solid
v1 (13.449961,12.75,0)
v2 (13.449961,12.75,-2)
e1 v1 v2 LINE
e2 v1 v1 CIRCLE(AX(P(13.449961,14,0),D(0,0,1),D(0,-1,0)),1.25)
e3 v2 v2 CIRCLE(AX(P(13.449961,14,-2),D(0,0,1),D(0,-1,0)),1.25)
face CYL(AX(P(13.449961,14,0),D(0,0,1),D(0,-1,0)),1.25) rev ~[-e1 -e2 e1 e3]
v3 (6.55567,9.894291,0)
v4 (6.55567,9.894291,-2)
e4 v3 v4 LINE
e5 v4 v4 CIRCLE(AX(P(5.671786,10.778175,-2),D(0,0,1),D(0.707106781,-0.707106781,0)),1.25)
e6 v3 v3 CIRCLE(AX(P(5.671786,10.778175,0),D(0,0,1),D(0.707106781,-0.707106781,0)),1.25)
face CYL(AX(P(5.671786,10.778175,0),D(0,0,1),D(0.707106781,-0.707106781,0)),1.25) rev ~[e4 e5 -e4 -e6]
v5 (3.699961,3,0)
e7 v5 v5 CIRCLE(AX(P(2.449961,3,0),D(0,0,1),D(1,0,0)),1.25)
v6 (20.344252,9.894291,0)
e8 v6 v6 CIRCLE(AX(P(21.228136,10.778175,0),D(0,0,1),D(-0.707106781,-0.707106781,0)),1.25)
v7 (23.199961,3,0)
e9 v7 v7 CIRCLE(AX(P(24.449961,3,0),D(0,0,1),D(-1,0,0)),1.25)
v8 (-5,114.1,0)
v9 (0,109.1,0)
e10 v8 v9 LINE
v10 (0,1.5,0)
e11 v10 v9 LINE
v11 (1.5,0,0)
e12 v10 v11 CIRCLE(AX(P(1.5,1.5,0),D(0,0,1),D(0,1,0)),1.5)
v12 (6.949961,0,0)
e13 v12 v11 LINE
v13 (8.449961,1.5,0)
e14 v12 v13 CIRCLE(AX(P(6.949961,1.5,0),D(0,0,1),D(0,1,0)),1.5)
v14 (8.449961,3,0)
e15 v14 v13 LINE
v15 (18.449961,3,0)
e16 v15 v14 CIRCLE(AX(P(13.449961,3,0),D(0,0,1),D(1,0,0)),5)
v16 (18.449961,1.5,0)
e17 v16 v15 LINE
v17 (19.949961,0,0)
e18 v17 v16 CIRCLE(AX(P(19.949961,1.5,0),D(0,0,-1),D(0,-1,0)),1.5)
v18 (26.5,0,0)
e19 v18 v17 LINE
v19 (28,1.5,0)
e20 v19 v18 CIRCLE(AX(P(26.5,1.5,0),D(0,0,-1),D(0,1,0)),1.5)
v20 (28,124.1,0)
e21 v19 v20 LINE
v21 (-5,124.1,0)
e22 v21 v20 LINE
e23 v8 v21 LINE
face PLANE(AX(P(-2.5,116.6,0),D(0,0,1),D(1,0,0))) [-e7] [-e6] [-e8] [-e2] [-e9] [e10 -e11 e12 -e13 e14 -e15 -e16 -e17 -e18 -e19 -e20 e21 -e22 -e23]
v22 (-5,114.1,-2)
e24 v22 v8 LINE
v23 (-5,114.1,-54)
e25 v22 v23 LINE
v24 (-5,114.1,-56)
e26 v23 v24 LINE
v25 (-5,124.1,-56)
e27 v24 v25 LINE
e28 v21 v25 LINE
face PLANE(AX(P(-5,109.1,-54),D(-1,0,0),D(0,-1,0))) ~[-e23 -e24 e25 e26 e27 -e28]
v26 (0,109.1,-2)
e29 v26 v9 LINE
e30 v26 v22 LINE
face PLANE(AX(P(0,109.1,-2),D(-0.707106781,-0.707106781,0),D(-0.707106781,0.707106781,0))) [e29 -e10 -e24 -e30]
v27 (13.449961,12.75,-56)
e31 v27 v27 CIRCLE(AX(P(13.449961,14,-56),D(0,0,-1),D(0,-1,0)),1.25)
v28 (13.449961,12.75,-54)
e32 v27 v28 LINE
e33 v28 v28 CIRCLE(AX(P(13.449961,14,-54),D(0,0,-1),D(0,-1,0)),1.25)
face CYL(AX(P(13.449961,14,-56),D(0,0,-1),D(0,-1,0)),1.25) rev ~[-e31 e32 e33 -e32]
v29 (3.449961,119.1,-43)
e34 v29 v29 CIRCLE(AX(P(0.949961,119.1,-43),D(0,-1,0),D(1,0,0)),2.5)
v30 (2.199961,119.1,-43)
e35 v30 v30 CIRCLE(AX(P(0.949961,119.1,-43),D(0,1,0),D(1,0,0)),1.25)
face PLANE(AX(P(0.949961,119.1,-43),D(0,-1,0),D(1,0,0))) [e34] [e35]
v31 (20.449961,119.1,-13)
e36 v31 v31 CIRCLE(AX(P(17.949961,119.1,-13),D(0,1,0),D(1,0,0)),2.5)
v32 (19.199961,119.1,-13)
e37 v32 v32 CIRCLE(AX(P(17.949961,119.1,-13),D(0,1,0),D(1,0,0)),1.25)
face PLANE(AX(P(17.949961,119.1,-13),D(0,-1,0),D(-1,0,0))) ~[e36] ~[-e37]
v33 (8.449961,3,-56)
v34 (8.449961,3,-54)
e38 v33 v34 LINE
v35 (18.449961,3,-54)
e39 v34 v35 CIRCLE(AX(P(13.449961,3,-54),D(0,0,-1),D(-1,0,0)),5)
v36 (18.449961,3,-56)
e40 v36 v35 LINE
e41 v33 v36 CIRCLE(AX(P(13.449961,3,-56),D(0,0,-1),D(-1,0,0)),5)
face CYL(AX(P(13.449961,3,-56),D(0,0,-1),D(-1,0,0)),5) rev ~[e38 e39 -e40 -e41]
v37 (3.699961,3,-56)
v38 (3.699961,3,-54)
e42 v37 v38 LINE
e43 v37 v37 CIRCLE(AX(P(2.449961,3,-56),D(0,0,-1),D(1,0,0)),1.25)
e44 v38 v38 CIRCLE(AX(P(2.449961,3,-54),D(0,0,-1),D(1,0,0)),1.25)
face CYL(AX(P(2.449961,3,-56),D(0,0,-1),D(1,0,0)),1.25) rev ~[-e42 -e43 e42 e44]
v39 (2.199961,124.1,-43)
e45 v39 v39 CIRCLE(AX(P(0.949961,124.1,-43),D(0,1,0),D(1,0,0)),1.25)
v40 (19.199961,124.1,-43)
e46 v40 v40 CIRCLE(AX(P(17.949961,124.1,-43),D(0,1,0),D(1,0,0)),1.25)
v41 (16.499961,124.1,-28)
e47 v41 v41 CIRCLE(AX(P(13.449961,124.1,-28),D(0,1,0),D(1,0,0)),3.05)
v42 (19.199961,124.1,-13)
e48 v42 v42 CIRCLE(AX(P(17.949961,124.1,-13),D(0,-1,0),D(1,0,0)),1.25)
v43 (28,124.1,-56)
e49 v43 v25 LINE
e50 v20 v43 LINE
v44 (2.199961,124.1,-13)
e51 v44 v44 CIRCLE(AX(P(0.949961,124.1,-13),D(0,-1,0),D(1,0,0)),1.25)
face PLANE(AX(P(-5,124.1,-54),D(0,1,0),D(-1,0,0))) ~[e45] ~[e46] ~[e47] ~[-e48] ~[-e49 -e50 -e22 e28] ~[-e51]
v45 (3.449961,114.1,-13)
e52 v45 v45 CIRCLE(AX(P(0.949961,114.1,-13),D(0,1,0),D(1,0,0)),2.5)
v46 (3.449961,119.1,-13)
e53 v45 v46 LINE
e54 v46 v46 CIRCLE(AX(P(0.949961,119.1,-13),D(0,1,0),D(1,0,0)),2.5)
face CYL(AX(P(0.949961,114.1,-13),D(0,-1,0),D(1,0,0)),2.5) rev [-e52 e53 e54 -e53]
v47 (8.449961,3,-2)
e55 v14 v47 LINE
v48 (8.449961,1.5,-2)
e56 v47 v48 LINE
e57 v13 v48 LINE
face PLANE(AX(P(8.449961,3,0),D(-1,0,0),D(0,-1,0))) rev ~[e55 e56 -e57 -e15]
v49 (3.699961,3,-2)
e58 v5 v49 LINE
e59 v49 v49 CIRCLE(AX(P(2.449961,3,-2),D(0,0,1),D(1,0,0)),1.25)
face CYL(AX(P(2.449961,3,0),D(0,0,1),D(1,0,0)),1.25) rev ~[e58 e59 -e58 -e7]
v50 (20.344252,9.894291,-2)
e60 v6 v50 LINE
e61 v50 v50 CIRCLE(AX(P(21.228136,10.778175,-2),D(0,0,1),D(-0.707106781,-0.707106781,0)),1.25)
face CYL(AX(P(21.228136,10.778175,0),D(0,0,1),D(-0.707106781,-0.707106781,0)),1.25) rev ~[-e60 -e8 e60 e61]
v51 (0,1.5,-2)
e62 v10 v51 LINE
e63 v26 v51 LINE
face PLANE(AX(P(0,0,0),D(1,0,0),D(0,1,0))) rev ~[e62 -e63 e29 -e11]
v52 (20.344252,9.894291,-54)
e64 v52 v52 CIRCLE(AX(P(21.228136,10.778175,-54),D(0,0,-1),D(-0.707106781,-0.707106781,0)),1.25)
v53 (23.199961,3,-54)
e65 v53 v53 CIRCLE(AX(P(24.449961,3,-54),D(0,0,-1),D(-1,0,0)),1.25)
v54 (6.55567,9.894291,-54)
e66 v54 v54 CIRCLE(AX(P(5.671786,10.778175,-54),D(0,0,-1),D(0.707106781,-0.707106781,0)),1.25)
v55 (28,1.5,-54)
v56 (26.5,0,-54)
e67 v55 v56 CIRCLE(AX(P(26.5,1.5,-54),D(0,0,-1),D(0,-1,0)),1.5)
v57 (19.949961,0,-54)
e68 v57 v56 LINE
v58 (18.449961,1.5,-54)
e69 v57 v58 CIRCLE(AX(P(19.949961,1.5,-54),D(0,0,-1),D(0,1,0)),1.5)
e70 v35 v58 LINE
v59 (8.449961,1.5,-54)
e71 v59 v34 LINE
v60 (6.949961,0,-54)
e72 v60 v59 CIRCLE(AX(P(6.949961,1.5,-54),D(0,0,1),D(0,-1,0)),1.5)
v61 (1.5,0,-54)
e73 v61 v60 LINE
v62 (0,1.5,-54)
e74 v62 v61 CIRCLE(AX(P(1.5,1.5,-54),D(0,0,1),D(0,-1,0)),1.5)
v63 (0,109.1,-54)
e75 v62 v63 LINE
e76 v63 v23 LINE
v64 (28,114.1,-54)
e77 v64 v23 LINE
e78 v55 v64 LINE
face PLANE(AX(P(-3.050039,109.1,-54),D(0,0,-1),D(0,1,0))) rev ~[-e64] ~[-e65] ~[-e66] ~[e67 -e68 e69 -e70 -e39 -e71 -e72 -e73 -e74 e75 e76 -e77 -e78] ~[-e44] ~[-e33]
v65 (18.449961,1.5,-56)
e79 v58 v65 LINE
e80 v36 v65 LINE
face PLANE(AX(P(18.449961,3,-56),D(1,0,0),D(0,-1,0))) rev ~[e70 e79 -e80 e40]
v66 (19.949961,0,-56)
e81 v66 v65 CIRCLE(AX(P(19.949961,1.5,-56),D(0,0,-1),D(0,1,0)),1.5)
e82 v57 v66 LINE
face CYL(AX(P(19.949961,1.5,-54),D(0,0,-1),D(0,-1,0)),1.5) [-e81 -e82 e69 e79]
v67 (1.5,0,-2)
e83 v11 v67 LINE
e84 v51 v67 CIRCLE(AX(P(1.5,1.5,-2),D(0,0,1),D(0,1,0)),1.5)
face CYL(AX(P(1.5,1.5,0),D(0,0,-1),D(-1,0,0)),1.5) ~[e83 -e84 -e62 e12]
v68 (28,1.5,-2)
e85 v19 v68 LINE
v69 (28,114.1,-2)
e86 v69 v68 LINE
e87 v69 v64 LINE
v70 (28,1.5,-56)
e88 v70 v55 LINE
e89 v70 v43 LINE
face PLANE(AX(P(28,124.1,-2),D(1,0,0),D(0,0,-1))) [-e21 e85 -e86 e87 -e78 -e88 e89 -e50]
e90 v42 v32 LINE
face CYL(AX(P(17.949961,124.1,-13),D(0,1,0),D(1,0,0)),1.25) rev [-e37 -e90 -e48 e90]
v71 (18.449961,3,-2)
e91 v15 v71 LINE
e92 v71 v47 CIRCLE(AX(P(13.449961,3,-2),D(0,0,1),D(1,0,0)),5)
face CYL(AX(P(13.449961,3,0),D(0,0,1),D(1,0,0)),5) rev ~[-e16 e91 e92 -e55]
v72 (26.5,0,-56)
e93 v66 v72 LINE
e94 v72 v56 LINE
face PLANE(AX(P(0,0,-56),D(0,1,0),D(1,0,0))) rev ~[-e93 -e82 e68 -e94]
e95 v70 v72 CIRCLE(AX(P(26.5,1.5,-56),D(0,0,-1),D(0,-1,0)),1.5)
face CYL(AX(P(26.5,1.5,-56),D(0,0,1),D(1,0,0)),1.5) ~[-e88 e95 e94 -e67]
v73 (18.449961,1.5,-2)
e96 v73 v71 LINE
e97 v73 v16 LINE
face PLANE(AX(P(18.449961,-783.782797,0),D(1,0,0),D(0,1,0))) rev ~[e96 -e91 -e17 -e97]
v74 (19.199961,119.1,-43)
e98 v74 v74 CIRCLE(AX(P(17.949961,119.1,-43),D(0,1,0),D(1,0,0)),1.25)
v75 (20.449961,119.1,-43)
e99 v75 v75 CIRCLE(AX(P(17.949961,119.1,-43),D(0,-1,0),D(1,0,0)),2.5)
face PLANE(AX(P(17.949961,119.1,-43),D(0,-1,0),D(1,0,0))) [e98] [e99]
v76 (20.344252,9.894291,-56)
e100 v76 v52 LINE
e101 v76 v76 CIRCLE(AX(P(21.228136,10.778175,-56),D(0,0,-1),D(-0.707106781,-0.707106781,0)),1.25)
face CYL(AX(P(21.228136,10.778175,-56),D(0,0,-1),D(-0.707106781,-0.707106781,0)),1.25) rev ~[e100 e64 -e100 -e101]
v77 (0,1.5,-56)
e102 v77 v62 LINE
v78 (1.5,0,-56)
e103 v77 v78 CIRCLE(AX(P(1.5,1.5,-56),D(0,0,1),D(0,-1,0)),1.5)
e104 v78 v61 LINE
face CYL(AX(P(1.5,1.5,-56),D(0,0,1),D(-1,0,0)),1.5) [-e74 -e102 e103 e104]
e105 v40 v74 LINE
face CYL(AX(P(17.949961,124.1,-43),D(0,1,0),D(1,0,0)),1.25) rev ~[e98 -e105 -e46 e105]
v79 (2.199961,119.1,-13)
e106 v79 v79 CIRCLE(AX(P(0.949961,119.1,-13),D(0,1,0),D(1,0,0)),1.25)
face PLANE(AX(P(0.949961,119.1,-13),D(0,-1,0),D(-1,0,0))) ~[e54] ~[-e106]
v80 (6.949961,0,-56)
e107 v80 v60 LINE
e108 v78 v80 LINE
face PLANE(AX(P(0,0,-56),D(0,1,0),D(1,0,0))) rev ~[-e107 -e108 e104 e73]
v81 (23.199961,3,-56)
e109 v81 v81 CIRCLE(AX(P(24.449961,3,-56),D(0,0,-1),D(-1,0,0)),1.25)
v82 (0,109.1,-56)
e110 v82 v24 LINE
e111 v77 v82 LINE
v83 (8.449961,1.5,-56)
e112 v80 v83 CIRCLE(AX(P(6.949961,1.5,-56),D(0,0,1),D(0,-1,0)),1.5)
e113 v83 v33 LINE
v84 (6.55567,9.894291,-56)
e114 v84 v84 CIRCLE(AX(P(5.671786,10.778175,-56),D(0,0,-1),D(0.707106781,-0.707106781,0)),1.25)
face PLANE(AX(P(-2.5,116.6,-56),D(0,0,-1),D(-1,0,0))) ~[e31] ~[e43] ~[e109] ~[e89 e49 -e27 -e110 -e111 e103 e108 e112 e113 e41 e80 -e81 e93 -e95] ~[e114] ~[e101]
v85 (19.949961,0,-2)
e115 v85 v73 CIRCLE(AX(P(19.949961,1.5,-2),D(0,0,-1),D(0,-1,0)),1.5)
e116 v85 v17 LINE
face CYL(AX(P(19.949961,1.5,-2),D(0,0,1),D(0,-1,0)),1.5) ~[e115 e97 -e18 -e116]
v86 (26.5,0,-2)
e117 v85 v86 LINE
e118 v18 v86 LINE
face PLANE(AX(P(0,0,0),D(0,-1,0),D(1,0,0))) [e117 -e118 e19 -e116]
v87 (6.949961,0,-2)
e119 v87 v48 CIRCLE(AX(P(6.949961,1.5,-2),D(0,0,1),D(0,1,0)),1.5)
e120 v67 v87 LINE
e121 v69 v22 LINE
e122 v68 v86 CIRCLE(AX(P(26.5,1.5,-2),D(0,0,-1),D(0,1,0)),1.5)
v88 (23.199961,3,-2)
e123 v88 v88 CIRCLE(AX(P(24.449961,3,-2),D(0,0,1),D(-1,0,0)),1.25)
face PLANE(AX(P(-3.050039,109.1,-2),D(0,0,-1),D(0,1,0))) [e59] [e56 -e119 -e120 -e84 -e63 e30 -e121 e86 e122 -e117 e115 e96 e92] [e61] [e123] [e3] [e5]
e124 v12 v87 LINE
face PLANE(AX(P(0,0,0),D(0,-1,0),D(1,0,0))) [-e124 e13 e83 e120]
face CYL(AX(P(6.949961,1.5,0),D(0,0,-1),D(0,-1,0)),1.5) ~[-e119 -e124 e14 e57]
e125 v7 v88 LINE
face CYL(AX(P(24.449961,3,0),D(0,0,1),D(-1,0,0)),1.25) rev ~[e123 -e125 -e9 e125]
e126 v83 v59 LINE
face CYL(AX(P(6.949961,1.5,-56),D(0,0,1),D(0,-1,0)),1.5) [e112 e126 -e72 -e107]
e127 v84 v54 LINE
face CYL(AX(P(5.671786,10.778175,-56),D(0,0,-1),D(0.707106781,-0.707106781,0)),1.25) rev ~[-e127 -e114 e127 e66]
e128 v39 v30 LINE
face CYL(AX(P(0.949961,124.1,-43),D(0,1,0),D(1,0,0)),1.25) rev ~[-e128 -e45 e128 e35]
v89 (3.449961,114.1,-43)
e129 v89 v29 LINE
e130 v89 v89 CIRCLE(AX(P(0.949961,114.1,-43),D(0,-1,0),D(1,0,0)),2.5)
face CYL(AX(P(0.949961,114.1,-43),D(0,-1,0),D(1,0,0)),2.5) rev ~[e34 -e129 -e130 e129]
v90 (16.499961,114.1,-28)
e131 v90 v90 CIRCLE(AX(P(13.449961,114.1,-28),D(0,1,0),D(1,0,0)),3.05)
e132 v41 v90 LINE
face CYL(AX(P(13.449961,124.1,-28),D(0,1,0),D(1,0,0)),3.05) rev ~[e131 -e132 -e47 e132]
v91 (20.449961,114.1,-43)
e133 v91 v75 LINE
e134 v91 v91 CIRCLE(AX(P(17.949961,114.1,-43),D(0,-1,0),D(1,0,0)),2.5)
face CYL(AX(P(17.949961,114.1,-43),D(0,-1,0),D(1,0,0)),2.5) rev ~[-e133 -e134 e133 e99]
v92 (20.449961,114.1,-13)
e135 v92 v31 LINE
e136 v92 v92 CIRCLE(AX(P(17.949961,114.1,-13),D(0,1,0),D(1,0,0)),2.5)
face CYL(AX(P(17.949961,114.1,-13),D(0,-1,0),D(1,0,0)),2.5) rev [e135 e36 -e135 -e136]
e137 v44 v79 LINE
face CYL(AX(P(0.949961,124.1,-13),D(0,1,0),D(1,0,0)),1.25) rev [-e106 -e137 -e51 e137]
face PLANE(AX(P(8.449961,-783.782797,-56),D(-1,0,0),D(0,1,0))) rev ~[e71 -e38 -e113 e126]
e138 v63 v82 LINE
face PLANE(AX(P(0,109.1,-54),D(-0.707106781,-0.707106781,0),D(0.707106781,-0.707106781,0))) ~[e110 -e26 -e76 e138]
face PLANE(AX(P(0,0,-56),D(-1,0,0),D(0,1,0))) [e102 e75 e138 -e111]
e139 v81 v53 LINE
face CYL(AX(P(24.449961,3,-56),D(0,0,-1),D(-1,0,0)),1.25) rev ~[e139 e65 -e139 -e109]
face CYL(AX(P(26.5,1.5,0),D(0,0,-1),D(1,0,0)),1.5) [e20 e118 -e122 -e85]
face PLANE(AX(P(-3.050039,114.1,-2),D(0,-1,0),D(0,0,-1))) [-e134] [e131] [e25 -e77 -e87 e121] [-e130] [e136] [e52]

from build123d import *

# Parameters (mm, degrees)
SKETCH1_W               = 28
SKETCH1_H               = 124.1
BOSS_EXTRUDE1_DEPTH     = 2
CUT_EXTRUDE2_DEPTH      = 1
CUT_EXTRUDE2_DEPTH_BACK = 2
SKETCH4_R               = 1.25
CUT_EXTRUDE3_DEPTH      = 2
CIRPATTERN1_COUNT       = 5
CIRPATTERN1_ANGLE       = 180
FILLET1_R               = 1.5
SKETCH7_W               = 28
SKETCH7_H               = 124.1
BOSS_EXTRUDE2_DEPTH     = 2
CUT_EXTRUDE4_DEPTH      = 1
CUT_EXTRUDE4_DEPTH_BACK = 2
SKETCH11_R              = 1.25
CUT_EXTRUDE5_DEPTH      = 2
CIRPATTERN2_COUNT       = 5
CIRPATTERN2_ANGLE       = 180
FILLET2_R               = 1.5
SKETCH17_W              = 33
SKETCH17_H              = 52
BOSS_EXTRUDE5_DEPTH     = 15
CUT_EXTRUDE7_REACH      = 126.1
SKETCH18_R              = 3.05
SKETCH19_R              = 1.25
CUT_EXTRUDE8_DEPTH      = 10
SKETCH20_W              = 29.100039055
SKETCH20_H              = 52
CUT_EXTRUDE9_DEPTH      = 5
SKETCH21_W              = 5
SKETCH21_H              = 15
BOSS_EXTRUDE6_DEPTH     = 2
SKETCH22_W              = 52
SKETCH22_H              = 5
CUT_EXTRUDE10_DEPTH     = 2.95
SKETCH23_W              = 52
SKETCH23_H              = 5
CUT_EXTRUDE11_DEPTH     = 2.949960945
CUT_EXTRUDE12_DEPTH     = 3
SKETCH25_R              = 2.5
CUT_EXTRUDE13_DEPTH     = 5


with BuildPart() as part:
    # Sketch1 → Boss-Extrude1 (new body)
    with BuildSketch(Plane.XY):
        with Locations((14, 62.05)):
            Rectangle(SKETCH1_W, SKETCH1_H)
    extrude(amount=-BOSS_EXTRUDE1_DEPTH)

    # Sketch3 → Cut-Extrude2 (cut, two sides)
    with BuildSketch(Plane.XY) as cut_extrude2_sk:
        with BuildLine():
            Line((18.449960945, -261.260932316), (18.449960945, 0))
            Line((18.449960945, 0), (18.449960945, 3))
            ThreePointArc((18.449960945, 3), (13.449960945, 8), (8.449960945, 3))
            Line((8.449960945, 3), (8.449960945, 0))
            Line((8.449960945, 0), (8.449960945, -261.260932316))
            Line((8.449960945, -261.260932316), (8.449960945, -783.782796947))
            Line((8.449960945, -783.782796947), (18.449960945, -783.782796947))
            Line((18.449960945, -783.782796947), (18.449960945, -261.260932316))
        make_face()
    extrude(amount=CUT_EXTRUDE2_DEPTH, mode=Mode.SUBTRACT)
    extrude(cut_extrude2_sk.sketch, amount=-CUT_EXTRUDE2_DEPTH_BACK, mode=Mode.SUBTRACT)

    # Sketch4 → Cut-Extrude3 (cut)
    with BuildSketch(Plane.XY):
        with Locations((2.449960945, 3)):
            Circle(SKETCH4_R)
    cut_extrude3 = extrude(amount=-CUT_EXTRUDE3_DEPTH, mode=Mode.SUBTRACT)

    # CirPattern1: Cut-Extrude3 ×5 about axis
    cirpattern1_axis = Axis((13.449960945, 3, 0), (0, 0, -1))
    for i in range(1, CIRPATTERN1_COUNT):
        add(cut_extrude3.rotate(cirpattern1_axis, i * CIRPATTERN1_ANGLE / (CIRPATTERN1_COUNT - 1)), mode=Mode.SUBTRACT)

    # Fillet1
    fillet1_edges = [part.edges().sort_by_distance(p)[0] for p in [
        (18.449960945, 0, -1),
        (8.449960945, 0, -1),
        (28, 0, -1),
        (0, 0, -1),
    ]]
    fillet(fillet1_edges, radius=FILLET1_R)



with BuildPart() as body_2:
    # Sketch7 → Boss-Extrude2 (new body)
    with BuildSketch(Plane.XY.offset(-56)):
        with Locations((14, 62.05)):
            Rectangle(SKETCH7_W, SKETCH7_H)
    extrude(amount=BOSS_EXTRUDE2_DEPTH)

    # Sketch10 → Cut-Extrude4 (cut, two sides)
    with BuildSketch(Plane(origin=(0, 0, -56), x_dir=(-1, 0, 0), z_dir=(0, 0, -1))) as cut_extrude4_sk:
        with BuildLine():
            Line((-8.449960945, -261.260932316), (-8.449960945, 0))
            Line((-8.449960945, 0), (-8.449960945, 3))
            ThreePointArc((-8.449960945, 3), (-13.449960945, 8), (-18.449960945, 3))
            Line((-18.449960945, 3), (-18.449960945, 0))
            Line((-18.449960945, 0), (-18.449960945, -261.260932316))
            Line((-18.449960945, -261.260932316), (-18.449960945, -783.782796947))
            Line((-18.449960945, -783.782796947), (-8.449960945, -783.782796947))
            Line((-8.449960945, -783.782796947), (-8.449960945, -261.260932316))
        make_face()
    extrude(amount=CUT_EXTRUDE4_DEPTH, mode=Mode.SUBTRACT)
    extrude(cut_extrude4_sk.sketch, amount=-CUT_EXTRUDE4_DEPTH_BACK, mode=Mode.SUBTRACT)

    # Sketch11 → Cut-Extrude5 (cut)
    with BuildSketch(Plane(origin=(0, 0, -56), x_dir=(-1, 0, 0), z_dir=(0, 0, -1))):
        with Locations((-24.449960945, 3)):
            Circle(SKETCH11_R)
    cut_extrude5 = extrude(amount=-CUT_EXTRUDE5_DEPTH, mode=Mode.SUBTRACT)

    # CirPattern2: Cut-Extrude5 ×5 about axis
    cirpattern2_axis = Axis((13.449960945, 3, 0), (0, 0, 1))
    for i in range(1, CIRPATTERN2_COUNT):
        add(cut_extrude5.rotate(cirpattern2_axis, i * CIRPATTERN2_ANGLE / (CIRPATTERN2_COUNT - 1)), mode=Mode.SUBTRACT)

    # Fillet2
    fillet2_edges = [body_2.edges().sort_by_distance(p)[0] for p in [
        (8.449960945, 0, -55),
        (18.449960945, 0, -55),
        (28, 0, -55),
        (0, 0, -55),
    ]]
    fillet(fillet2_edges, radius=FILLET2_R)


with BuildPart() as part_1:
    add(part.part)

    add(body_2.part)  # Boss-Extrude5 merges body 2
    # Sketch17 → Boss-Extrude5 (add)
    with BuildSketch(Plane(origin=(0, 124.1, 0), x_dir=(1, 0, 0), z_dir=(0, 1, 0))):
        with Locations((11.5, 28)):
            Rectangle(SKETCH17_W, SKETCH17_H)
    extrude(amount=-BOSS_EXTRUDE5_DEPTH)

    # Sketch18 → Cut-Extrude7 (cut, up to next)
    with BuildSketch(Plane(origin=(0, 124.1, 0), x_dir=(1, 0, 0), z_dir=(0, 1, 0)), mode=Mode.PRIVATE) as cut_extrude7_sk1:
        with Locations((13.449960945, 28)):
            Circle(SKETCH18_R)
    cut_extrude7_tool1 = extrude(cut_extrude7_sk1.sketch, amount=-CUT_EXTRUDE7_REACH, mode=Mode.PRIVATE) & part_1.part
    add(cut_extrude7_tool1.solids().sort_by_distance((13.449961, 124.1, -28))[0], mode=Mode.SUBTRACT)

    # Sketch19 → Cut-Extrude8 (cut)
    with BuildSketch(Plane(origin=(0, 124.1, 0), x_dir=(1, 0, 0), z_dir=(0, 1, 0))):
        with Locations((0.949960945, 43)):
            Circle(SKETCH19_R)
        with Locations((17.949960945, 43)):
            Circle(SKETCH19_R)
    cut_extrude8 = extrude(amount=-CUT_EXTRUDE8_DEPTH, mode=Mode.SUBTRACT)

    # Mirror9: Cut-Extrude8 across plane
    add(cut_extrude8.mirror(Plane(origin=(0, 0, -28), x_dir=(1, 0, 0), z_dir=(0, 0, -1))), mode=Mode.SUBTRACT)

    # Sketch20 → Cut-Extrude9 (cut)
    with BuildSketch(Plane.XZ.offset(-109.1)):
        with Locations((11.499980473, -28)):
            Rectangle(SKETCH20_W, SKETCH20_H)
    extrude(amount=-CUT_EXTRUDE9_DEPTH, mode=Mode.SUBTRACT)

    # Sketch21 → Boss-Extrude6 (add)
    with BuildSketch(Plane.XY.offset(-2)):
        with Locations((-2.5, 116.6)):
            Rectangle(SKETCH21_W, SKETCH21_H)
    boss_extrude6 = extrude(amount=BOSS_EXTRUDE6_DEPTH)

    # Mirror10: Boss-Extrude6 across plane
    add(boss_extrude6.mirror(Plane(origin=(0, 0, -28), x_dir=(1, 0, 0), z_dir=(0, 0, -1))))

    # Sketch22 → Cut-Extrude10 (cut, through all)
    with BuildSketch(Plane.ZY.offset(-26.05)):
        with Locations((-28, 111.6)):
            Rectangle(SKETCH22_W, SKETCH22_H)
    extrude(amount=-CUT_EXTRUDE10_DEPTH, mode=Mode.SUBTRACT)

    # Sketch23 → Cut-Extrude11 (cut, through all)
    with BuildSketch(Plane(origin=(-3.050039055, 0, 0), x_dir=(0, 0, -1), z_dir=(1, 0, 0))):
        with Locations((28, 111.6)):
            Rectangle(SKETCH23_W, SKETCH23_H)
    extrude(amount=-CUT_EXTRUDE11_DEPTH, mode=Mode.SUBTRACT)

    # Sketch24 → Cut-Extrude12 (cut, through all)
    with BuildSketch(Plane(origin=(0, 0, -2), x_dir=(-1, 0, 0), z_dir=(0, 0, -1))):
        Polygon((0, 109.1), (5, 114.1), (5, 109.1), align=None)
    cut_extrude12 = extrude(amount=-CUT_EXTRUDE12_DEPTH, mode=Mode.SUBTRACT)

    # Mirror11: Cut-Extrude12 across plane
    add(cut_extrude12.mirror(Plane(origin=(0, 0, -28), x_dir=(1, 0, 0), z_dir=(0, 0, -1))), mode=Mode.SUBTRACT)

    # Sketch25 → Cut-Extrude13 (cut)
    with BuildSketch(Plane.XZ.offset(-114.1)):
        with Locations((0.949960945, -43)):
            Circle(SKETCH25_R)
        with Locations((17.949960945, -43)):
            Circle(SKETCH25_R)
    cut_extrude13 = extrude(amount=-CUT_EXTRUDE13_DEPTH, mode=Mode.SUBTRACT)

    # Mirror12: Cut-Extrude13 across plane
    add(cut_extrude13.mirror(Plane(origin=(0, 0, -28), x_dir=(1, 0, 0), z_dir=(0, 0, -1))), mode=Mode.SUBTRACT)


solid = part_1.part
